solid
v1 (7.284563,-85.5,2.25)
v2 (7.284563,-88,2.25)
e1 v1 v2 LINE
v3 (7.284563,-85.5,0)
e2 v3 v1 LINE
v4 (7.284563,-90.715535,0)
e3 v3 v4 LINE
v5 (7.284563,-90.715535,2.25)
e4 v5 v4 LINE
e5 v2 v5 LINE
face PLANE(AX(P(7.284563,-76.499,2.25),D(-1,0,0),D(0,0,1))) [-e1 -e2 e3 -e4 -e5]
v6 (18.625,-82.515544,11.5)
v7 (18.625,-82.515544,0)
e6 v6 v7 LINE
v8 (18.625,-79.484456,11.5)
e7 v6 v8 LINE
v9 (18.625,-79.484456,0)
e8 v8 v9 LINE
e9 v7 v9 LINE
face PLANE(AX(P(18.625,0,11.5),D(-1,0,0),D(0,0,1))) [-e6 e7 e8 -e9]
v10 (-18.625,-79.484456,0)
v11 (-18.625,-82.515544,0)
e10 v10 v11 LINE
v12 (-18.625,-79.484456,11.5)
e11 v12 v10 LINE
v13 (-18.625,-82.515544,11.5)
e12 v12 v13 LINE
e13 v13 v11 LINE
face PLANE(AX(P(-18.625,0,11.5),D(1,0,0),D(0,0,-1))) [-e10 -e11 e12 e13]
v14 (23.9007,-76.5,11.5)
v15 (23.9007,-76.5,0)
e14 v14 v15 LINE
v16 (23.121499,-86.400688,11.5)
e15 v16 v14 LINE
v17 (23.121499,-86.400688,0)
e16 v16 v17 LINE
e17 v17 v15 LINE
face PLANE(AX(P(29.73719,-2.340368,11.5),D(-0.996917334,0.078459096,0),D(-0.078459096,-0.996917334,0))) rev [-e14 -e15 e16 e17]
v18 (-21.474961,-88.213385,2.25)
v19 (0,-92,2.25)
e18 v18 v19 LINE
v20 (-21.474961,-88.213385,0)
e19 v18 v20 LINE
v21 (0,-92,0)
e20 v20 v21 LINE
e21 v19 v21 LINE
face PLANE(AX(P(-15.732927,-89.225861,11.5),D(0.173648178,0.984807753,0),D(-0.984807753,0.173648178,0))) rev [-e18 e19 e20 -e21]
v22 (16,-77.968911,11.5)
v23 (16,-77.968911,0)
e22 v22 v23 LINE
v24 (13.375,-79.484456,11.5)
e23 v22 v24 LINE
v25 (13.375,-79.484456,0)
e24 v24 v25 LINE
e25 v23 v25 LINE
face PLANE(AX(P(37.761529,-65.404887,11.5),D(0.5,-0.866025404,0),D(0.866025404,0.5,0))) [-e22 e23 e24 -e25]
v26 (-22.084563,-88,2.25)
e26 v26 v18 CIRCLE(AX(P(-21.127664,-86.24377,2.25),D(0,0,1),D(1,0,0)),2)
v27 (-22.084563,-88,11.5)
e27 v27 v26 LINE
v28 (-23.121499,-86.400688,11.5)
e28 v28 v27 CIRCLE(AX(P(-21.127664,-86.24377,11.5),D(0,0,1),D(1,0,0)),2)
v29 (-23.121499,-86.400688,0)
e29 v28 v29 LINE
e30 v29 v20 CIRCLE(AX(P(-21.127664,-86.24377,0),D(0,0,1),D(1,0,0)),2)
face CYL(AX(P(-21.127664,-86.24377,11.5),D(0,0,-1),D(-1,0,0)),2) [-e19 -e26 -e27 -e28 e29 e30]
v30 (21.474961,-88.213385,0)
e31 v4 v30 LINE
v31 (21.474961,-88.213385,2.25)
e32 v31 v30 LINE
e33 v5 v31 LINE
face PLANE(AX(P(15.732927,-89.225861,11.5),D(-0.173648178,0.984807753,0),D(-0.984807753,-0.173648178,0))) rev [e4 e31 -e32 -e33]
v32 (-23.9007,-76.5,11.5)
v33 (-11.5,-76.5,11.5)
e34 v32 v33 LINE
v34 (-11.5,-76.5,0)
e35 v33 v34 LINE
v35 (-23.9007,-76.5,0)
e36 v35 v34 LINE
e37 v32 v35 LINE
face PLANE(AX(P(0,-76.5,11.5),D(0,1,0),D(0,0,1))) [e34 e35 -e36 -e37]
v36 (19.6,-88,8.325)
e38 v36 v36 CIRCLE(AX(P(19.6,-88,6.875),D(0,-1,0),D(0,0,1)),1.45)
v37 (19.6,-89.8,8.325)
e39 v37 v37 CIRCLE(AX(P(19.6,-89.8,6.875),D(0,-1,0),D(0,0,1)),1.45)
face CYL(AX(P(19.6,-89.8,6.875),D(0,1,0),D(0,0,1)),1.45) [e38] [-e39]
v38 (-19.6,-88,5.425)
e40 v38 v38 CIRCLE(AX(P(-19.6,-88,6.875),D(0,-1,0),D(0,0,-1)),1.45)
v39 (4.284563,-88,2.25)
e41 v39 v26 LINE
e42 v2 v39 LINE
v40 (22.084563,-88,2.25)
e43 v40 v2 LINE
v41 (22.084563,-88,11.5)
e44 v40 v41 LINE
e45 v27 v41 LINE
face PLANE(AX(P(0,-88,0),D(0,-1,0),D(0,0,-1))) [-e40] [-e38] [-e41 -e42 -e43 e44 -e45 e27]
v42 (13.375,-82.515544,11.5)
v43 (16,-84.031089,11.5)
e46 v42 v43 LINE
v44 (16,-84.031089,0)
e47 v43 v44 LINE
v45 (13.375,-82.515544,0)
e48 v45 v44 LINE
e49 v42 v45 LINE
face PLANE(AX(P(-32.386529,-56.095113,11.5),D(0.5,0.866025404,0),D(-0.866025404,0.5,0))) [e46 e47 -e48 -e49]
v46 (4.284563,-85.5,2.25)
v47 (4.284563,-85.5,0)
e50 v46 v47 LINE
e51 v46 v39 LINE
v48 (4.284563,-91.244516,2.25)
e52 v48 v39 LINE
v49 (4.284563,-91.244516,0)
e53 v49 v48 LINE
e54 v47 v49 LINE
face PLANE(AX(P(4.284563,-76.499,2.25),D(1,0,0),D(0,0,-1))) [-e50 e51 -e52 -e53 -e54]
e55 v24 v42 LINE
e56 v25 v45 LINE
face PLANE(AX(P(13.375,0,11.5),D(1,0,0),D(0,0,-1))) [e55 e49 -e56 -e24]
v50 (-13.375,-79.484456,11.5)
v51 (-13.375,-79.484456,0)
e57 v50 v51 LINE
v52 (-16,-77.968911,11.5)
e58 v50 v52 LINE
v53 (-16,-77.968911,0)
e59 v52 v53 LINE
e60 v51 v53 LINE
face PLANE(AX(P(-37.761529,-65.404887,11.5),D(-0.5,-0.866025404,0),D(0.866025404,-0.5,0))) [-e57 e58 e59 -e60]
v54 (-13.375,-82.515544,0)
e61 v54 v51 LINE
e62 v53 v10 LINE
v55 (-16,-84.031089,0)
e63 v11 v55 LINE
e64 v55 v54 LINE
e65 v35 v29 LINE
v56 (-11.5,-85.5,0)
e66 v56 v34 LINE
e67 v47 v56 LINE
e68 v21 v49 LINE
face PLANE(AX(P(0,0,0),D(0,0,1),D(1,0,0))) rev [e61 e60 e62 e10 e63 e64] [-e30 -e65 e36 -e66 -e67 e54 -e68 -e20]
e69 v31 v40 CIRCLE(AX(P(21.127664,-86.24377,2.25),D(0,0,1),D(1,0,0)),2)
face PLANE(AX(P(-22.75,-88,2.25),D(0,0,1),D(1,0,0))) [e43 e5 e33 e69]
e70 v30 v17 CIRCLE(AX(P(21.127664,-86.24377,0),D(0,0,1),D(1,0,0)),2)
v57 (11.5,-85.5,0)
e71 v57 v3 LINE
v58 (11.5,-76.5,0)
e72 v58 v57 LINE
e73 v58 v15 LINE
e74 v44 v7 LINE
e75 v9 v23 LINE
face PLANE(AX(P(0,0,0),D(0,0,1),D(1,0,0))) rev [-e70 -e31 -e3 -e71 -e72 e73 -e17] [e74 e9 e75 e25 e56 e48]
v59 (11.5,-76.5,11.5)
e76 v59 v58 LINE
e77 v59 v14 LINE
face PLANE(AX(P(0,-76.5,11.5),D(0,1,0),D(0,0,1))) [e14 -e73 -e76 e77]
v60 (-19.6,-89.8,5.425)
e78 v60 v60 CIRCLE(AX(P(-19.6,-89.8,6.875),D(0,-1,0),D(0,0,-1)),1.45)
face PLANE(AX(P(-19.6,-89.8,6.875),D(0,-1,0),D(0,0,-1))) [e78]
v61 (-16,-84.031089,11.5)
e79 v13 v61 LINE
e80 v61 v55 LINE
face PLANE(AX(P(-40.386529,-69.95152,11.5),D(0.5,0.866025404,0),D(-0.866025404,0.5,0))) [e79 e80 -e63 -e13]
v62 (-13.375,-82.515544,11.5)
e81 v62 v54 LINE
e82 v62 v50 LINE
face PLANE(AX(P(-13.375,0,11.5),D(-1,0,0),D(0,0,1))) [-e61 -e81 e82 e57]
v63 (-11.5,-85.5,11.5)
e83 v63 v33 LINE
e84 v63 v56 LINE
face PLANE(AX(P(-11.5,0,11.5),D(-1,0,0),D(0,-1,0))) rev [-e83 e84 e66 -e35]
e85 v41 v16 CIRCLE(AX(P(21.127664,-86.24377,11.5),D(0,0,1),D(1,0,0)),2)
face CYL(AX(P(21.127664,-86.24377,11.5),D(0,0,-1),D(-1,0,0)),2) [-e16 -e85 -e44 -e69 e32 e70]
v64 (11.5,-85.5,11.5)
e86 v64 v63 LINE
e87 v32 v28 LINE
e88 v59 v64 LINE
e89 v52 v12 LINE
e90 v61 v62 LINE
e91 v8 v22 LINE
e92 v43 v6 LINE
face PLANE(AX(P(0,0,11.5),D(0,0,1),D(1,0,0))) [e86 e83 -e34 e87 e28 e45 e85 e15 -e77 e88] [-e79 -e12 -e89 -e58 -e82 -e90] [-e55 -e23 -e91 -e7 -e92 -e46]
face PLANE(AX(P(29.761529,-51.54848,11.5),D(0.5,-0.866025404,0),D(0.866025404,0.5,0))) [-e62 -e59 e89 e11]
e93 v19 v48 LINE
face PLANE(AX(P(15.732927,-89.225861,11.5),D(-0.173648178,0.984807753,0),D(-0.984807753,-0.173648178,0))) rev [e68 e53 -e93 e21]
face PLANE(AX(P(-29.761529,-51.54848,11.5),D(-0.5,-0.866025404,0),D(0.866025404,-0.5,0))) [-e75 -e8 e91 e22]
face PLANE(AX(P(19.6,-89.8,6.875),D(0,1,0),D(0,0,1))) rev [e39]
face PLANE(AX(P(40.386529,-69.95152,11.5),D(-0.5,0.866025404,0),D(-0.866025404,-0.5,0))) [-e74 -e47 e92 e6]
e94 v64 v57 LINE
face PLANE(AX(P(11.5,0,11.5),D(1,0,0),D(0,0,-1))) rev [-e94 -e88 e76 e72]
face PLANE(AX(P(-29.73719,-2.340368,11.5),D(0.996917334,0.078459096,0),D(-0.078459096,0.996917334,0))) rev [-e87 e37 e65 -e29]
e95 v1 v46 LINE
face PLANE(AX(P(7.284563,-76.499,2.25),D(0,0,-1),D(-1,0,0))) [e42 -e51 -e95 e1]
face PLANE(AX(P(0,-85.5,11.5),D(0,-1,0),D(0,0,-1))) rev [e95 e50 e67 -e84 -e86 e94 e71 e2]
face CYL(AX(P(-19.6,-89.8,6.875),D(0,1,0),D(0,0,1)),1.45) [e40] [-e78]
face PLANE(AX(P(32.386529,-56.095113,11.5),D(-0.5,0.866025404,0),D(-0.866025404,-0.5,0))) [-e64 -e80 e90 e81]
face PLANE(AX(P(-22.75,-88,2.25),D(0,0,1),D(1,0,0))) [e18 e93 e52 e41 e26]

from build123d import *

# Parameters (mm, degrees)
SKETCH1_W           = 9
SKETCH1_H           = 9
BOSS_EXTRUDE1_DEPTH = 11.5
SKETCH2_W           = 45.5
SKETCH2_H           = 9.25
CUT_EXTRUDE1_DEPTH  = 4
SKETCH3_R           = 1.45
BOSS_EXTRUDE2_DEPTH = 1.8
CUT_EXTRUDE2_REACH  = 32.72
SKETCH4_W           = 3
SKETCH4_H           = 2.25


with BuildPart() as part:
    # Sketch1 → Boss-Extrude1 (new body)
    # profile 1 of 4: a face of its own
    with BuildSketch(Plane.XY):
        with BuildLine():
            Line((-20.5, -76.5), (-23.900700066, -76.5))
            Line((-23.900700066, -76.5), (-23.121499045, -86.400687699))
            ThreePointArc((-23.121499045, -86.400687699), (-22.608100633, -87.588503122), (-21.474960733, -88.213385013))
            Line((-21.474960733, -88.213385013), (0, -92))
            Line((0, -92), (21.474960733, -88.213385013))
            ThreePointArc((21.474960733, -88.213385013), (22.608100633, -87.588503122), (23.121499045, -86.400687699))
            Line((23.121499045, -86.400687699), (23.900700066, -76.5))
            Line((23.900700066, -76.5), (20.5, -76.5))
            Line((20.5, -76.5), (20.5, -85.5))
            Line((20.5, -85.5), (11.5, -85.5))
            Line((11.5, -85.5), (-11.5, -85.5))
            Line((-11.5, -85.5), (-20.5, -85.5))
            Line((-20.5, -85.5), (-20.5, -76.5))
        make_face()
    # profile 2 of 4: a face of its own
    with BuildSketch(Plane.XY):
        with BuildLine():
            Line((-20.5, -76.5), (-23.900700066, -76.5))
            Line((-23.900700066, -76.5), (-23.121499045, -86.400687699))
            ThreePointArc((-23.121499045, -86.400687699), (-22.608100633, -87.588503122), (-21.474960733, -88.213385013))
            Line((-21.474960733, -88.213385013), (0, -92))
            Line((0, -92), (21.474960733, -88.213385013))
            ThreePointArc((21.474960733, -88.213385013), (22.608100633, -87.588503122), (23.121499045, -86.400687699))
            Line((23.121499045, -86.400687699), (23.900700066, -76.5))
            Line((23.900700066, -76.5), (20.5, -76.5))
            Line((20.5, -76.5), (20.5, -85.5))
            Line((20.5, -85.5), (11.5, -85.5))
            Line((11.5, -85.5), (-11.5, -85.5))
            Line((-11.5, -85.5), (-20.5, -85.5))
            Line((-20.5, -85.5), (-20.5, -76.5))
        make_face()
    # profile 3 of 4: a face of its own
    with BuildSketch(Plane.XY):
        with Locations((16, -81)):
            Rectangle(SKETCH1_W, SKETCH1_H)
        Polygon((18.625, -82.515544457), (16, -84.031088913), (13.375, -82.515544457), (13.375, -79.484455543), (16, -77.968911087), (18.625, -79.484455543), align=None, mode=Mode.SUBTRACT)
    # profile 4 of 4: a face of its own
    with BuildSketch(Plane.XY):
        with Locations((-16, -81)):
            Rectangle(SKETCH1_W, SKETCH1_H)
        Polygon((-13.375, -82.515544457), (-16, -84.031088913), (-18.625, -82.515544457), (-18.625, -79.484455543), (-16, -77.968911087), (-13.375, -79.484455543), align=None, mode=Mode.SUBTRACT)
    extrude(amount=BOSS_EXTRUDE1_DEPTH)

    # Sketch2 → Cut-Extrude1 (cut)
    with BuildSketch(Plane(origin=(0, -92, 0), x_dir=(1, 0, 0), z_dir=(0, 1, 0))):
        with Locations((0, -6.875)):
            Rectangle(SKETCH2_W, SKETCH2_H)
    extrude(amount=CUT_EXTRUDE1_DEPTH, mode=Mode.SUBTRACT)

    # Sketch3 → Boss-Extrude2 (add)
    with BuildSketch(Plane.XZ.offset(88)):
        with Locations(Location((-19.6, 6.875, 0), (0, 0, 270))):
            Circle(SKETCH3_R)
        with Locations(Location((19.6, 6.875, 0), (0, 0, 90))):
            Circle(SKETCH3_R)
    extrude(amount=BOSS_EXTRUDE2_DEPTH)

    # Sketch4 → Cut-Extrude2 (cut, up to next)
    with BuildSketch(Plane(origin=(0, -92, 0), x_dir=(1, 0, 0), z_dir=(0, 1, 0)), mode=Mode.PRIVATE) as cut_extrude2_sk1:
        with Locations((5.78456273, -1.125)):
            Rectangle(SKETCH4_W, SKETCH4_H)
    cut_extrude2_tool1 = extrude(cut_extrude2_sk1.sketch, amount=CUT_EXTRUDE2_REACH, mode=Mode.PRIVATE) & part.part
    add(cut_extrude2_tool1.solids().sort_by_distance((5.784563, -92, 1.125))[0], mode=Mode.SUBTRACT)


solid = part.part
